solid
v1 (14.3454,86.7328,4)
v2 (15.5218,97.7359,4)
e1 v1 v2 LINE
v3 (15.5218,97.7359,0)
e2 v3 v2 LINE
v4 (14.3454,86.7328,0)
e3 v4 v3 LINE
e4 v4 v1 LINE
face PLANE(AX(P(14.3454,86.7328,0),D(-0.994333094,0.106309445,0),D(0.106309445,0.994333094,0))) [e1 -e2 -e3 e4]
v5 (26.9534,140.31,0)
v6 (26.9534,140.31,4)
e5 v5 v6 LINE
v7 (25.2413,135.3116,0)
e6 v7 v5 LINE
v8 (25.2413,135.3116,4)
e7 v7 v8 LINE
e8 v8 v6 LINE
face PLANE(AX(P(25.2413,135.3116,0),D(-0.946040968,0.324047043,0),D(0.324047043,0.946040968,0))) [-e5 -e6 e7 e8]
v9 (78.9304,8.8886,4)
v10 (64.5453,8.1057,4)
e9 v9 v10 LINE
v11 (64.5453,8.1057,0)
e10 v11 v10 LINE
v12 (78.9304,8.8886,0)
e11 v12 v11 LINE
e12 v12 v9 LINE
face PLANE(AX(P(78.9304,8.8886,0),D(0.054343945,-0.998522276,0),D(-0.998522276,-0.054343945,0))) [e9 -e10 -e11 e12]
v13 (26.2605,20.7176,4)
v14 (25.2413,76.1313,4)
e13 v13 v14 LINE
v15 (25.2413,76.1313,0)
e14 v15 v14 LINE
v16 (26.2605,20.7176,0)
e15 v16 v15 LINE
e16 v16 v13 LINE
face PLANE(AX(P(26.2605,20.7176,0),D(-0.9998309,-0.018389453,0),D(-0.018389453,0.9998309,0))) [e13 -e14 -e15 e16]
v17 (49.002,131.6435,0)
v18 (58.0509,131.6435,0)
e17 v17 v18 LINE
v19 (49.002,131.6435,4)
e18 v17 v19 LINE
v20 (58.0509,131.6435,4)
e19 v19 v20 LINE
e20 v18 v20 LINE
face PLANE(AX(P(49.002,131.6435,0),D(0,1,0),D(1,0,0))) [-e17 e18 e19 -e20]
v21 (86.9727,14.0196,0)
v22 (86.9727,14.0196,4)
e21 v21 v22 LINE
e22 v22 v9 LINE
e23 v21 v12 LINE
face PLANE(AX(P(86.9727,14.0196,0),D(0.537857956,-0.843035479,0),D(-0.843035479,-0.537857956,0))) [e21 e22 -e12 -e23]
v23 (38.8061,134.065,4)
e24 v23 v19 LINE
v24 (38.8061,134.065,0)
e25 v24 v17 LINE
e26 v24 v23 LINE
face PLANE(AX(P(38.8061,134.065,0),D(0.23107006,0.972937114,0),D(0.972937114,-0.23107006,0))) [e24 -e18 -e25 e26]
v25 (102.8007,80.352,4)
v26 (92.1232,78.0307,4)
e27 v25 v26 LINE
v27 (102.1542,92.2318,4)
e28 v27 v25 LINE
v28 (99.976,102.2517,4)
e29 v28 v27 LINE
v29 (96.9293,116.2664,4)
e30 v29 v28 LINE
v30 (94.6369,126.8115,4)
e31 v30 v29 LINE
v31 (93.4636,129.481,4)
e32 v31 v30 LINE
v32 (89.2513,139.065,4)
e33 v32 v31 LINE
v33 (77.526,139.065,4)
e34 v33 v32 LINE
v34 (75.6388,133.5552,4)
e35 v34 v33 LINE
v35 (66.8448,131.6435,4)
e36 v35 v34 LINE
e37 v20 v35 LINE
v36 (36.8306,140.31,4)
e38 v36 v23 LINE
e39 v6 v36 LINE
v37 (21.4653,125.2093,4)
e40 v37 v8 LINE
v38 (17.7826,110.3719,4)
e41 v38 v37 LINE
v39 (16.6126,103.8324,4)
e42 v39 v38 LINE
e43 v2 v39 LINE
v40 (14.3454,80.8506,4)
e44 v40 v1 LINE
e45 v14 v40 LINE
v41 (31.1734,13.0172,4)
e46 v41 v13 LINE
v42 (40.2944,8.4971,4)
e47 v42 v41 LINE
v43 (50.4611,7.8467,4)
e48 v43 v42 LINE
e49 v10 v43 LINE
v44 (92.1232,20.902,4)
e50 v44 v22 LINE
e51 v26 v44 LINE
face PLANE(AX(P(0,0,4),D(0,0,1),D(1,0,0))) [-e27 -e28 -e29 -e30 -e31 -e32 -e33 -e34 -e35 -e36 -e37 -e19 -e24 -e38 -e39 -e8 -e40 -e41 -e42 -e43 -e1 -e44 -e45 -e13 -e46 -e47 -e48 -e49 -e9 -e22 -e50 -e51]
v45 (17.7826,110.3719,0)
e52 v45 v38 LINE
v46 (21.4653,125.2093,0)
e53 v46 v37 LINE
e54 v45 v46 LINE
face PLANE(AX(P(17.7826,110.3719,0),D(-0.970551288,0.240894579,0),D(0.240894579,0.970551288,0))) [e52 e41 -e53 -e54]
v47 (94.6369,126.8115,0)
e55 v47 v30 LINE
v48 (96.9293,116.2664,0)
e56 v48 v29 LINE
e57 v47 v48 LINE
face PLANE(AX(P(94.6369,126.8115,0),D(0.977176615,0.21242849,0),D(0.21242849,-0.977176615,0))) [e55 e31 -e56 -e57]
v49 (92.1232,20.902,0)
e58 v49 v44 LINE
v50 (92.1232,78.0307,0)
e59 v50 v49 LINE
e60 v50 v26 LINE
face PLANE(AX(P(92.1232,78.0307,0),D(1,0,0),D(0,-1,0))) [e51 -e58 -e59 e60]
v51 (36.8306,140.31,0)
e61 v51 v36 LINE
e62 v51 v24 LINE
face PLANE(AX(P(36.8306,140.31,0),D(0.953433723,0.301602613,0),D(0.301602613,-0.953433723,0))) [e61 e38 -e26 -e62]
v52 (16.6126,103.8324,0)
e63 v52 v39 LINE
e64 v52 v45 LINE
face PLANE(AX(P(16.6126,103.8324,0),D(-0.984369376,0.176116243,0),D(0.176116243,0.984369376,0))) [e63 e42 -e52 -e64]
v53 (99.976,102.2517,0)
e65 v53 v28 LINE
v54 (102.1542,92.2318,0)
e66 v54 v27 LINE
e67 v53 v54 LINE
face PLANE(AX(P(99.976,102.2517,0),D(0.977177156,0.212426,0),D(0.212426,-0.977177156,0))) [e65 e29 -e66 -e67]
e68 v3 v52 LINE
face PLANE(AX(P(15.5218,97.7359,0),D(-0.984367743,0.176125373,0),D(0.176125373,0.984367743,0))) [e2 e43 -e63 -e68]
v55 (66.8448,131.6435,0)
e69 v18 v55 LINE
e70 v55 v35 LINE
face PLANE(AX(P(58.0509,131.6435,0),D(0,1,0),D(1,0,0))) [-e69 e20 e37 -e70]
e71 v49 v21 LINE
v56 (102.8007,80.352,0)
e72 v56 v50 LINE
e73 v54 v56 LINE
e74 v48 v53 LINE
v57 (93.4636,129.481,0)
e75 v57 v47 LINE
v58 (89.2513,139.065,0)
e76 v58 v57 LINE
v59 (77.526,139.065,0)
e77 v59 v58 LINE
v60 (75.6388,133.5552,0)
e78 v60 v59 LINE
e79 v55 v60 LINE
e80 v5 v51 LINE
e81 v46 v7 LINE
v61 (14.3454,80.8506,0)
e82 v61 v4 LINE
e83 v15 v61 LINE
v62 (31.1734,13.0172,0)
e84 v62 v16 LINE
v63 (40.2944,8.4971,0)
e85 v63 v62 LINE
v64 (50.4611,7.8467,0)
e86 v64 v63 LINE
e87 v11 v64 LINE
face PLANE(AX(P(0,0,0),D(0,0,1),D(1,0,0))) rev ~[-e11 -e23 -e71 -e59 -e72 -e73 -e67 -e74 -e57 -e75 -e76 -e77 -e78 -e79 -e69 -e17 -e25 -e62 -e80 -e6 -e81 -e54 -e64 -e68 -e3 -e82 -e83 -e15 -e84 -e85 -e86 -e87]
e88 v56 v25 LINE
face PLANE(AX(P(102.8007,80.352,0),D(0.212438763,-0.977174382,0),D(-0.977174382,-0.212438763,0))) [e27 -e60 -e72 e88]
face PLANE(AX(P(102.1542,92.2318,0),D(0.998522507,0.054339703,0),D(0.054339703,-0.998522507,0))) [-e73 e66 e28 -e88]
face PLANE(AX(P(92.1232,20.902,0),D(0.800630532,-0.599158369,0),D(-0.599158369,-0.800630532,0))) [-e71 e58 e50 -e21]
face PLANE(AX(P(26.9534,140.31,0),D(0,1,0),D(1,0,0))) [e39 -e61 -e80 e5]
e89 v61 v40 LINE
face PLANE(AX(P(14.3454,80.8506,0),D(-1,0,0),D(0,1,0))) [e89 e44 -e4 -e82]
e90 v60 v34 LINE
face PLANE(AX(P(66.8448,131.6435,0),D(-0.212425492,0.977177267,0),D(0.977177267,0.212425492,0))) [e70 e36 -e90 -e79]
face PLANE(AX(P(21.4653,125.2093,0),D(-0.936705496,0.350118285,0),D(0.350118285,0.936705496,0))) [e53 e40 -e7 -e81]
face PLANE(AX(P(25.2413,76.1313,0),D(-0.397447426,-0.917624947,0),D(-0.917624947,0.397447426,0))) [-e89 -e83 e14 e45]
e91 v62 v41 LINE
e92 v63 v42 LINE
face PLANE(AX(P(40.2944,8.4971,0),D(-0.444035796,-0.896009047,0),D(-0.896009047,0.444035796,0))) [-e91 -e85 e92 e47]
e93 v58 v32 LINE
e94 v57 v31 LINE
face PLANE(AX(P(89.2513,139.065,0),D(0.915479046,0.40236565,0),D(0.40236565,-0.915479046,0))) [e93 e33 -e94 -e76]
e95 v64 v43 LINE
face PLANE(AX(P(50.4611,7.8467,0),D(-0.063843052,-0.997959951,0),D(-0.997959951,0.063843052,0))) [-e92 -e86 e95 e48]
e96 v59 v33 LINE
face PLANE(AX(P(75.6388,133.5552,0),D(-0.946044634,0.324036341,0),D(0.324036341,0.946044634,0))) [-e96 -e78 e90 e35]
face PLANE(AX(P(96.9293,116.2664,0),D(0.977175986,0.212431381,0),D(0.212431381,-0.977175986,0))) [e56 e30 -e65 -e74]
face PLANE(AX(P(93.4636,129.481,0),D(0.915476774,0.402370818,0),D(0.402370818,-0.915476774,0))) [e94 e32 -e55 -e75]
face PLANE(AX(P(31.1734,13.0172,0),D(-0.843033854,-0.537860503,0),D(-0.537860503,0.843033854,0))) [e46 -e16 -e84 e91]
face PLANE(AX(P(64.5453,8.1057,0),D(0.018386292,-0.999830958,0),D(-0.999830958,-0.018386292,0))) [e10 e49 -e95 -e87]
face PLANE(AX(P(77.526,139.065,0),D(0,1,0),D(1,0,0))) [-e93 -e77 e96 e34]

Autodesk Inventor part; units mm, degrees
ref_plane "YZ Plane" through (0, 0, 0) normal (1, 0, 0) x (0, 1, 0)
ref_plane "XZ Plane" through (0, 0, 0) normal (0, 1, 0) x (-1, 0, 0)
ref_plane "XY Plane" through (0, 0, 0) normal (0, 0, 1) x (1, 0, 0)
sketch "Sketch1" plane through (0, 0, 0) normal (0, 0, 1) x (1, 0, 0)
  line L0 (26.9534, 140.31) -> (36.8306, 140.31)
  line L1 (36.8306, 140.31) -> (38.8061, 134.065)
  line L2 (38.8061, 134.065) -> (49.002, 131.6435)
  line L3 (49.002, 131.6435) -> (58.0509, 131.6435)
  line L4 (58.0509, 131.6435) -> (66.8448, 131.6435)
  line L5 (66.8448, 131.6435) -> (75.6388, 133.5552)
  line L6 (75.6388, 133.5552) -> (77.526, 139.065)
  line L7 (77.526, 139.065) -> (89.2513, 139.065)
  line L8 (89.2513, 139.065) -> (93.4636, 129.481)
  line L9 (93.4636, 129.481) -> (94.6369, 126.8115)
  line L10 (94.6369, 126.8115) -> (96.9293, 116.2664)
  line L11 (96.9293, 116.2664) -> (99.976, 102.2517)
  line L12 (99.976, 102.2517) -> (102.1542, 92.2318)
  line L13 (102.1542, 92.2318) -> (102.8007, 80.352)
  line L14 (102.8007, 80.352) -> (92.1232, 78.0307)
  line L15 (92.1232, 78.0307) -> (92.1232, 20.902)
  line L16 (92.1232, 20.902) -> (86.9727, 14.0196)
  line L17 (86.9727, 14.0196) -> (78.9304, 8.8886)
  line L18 (78.9304, 8.8886) -> (64.5453, 8.1057)
  line L19 (64.5453, 8.1057) -> (50.4611, 7.8467)
  line L20 (50.4611, 7.8467) -> (40.2944, 8.4971)
  line L21 (40.2944, 8.4971) -> (31.1734, 13.0172)
  line L22 (31.1734, 13.0172) -> (26.2605, 20.7176)
  line L23 (26.2605, 20.7176) -> (25.2413, 76.1313)
  line L24 (25.2413, 76.1313) -> (14.3454, 80.8506)
  line L25 (14.3454, 80.8506) -> (14.3454, 86.7328)
  line L26 (14.3454, 86.7328) -> (15.5218, 97.7359)
  line L27 (15.5218, 97.7359) -> (16.6126, 103.8324)
  line L28 (16.6126, 103.8324) -> (17.7826, 110.3719)
  line L29 (17.7826, 110.3719) -> (21.4653, 125.2093)
  line L30 (21.4653, 125.2093) -> (25.2413, 135.3116)
  line L31 (25.2413, 135.3116) -> (26.9534, 140.31)
  point P0 (0, 0)
extrude "Extrusion1" add sketch "Sketch1" along normal blind 4
